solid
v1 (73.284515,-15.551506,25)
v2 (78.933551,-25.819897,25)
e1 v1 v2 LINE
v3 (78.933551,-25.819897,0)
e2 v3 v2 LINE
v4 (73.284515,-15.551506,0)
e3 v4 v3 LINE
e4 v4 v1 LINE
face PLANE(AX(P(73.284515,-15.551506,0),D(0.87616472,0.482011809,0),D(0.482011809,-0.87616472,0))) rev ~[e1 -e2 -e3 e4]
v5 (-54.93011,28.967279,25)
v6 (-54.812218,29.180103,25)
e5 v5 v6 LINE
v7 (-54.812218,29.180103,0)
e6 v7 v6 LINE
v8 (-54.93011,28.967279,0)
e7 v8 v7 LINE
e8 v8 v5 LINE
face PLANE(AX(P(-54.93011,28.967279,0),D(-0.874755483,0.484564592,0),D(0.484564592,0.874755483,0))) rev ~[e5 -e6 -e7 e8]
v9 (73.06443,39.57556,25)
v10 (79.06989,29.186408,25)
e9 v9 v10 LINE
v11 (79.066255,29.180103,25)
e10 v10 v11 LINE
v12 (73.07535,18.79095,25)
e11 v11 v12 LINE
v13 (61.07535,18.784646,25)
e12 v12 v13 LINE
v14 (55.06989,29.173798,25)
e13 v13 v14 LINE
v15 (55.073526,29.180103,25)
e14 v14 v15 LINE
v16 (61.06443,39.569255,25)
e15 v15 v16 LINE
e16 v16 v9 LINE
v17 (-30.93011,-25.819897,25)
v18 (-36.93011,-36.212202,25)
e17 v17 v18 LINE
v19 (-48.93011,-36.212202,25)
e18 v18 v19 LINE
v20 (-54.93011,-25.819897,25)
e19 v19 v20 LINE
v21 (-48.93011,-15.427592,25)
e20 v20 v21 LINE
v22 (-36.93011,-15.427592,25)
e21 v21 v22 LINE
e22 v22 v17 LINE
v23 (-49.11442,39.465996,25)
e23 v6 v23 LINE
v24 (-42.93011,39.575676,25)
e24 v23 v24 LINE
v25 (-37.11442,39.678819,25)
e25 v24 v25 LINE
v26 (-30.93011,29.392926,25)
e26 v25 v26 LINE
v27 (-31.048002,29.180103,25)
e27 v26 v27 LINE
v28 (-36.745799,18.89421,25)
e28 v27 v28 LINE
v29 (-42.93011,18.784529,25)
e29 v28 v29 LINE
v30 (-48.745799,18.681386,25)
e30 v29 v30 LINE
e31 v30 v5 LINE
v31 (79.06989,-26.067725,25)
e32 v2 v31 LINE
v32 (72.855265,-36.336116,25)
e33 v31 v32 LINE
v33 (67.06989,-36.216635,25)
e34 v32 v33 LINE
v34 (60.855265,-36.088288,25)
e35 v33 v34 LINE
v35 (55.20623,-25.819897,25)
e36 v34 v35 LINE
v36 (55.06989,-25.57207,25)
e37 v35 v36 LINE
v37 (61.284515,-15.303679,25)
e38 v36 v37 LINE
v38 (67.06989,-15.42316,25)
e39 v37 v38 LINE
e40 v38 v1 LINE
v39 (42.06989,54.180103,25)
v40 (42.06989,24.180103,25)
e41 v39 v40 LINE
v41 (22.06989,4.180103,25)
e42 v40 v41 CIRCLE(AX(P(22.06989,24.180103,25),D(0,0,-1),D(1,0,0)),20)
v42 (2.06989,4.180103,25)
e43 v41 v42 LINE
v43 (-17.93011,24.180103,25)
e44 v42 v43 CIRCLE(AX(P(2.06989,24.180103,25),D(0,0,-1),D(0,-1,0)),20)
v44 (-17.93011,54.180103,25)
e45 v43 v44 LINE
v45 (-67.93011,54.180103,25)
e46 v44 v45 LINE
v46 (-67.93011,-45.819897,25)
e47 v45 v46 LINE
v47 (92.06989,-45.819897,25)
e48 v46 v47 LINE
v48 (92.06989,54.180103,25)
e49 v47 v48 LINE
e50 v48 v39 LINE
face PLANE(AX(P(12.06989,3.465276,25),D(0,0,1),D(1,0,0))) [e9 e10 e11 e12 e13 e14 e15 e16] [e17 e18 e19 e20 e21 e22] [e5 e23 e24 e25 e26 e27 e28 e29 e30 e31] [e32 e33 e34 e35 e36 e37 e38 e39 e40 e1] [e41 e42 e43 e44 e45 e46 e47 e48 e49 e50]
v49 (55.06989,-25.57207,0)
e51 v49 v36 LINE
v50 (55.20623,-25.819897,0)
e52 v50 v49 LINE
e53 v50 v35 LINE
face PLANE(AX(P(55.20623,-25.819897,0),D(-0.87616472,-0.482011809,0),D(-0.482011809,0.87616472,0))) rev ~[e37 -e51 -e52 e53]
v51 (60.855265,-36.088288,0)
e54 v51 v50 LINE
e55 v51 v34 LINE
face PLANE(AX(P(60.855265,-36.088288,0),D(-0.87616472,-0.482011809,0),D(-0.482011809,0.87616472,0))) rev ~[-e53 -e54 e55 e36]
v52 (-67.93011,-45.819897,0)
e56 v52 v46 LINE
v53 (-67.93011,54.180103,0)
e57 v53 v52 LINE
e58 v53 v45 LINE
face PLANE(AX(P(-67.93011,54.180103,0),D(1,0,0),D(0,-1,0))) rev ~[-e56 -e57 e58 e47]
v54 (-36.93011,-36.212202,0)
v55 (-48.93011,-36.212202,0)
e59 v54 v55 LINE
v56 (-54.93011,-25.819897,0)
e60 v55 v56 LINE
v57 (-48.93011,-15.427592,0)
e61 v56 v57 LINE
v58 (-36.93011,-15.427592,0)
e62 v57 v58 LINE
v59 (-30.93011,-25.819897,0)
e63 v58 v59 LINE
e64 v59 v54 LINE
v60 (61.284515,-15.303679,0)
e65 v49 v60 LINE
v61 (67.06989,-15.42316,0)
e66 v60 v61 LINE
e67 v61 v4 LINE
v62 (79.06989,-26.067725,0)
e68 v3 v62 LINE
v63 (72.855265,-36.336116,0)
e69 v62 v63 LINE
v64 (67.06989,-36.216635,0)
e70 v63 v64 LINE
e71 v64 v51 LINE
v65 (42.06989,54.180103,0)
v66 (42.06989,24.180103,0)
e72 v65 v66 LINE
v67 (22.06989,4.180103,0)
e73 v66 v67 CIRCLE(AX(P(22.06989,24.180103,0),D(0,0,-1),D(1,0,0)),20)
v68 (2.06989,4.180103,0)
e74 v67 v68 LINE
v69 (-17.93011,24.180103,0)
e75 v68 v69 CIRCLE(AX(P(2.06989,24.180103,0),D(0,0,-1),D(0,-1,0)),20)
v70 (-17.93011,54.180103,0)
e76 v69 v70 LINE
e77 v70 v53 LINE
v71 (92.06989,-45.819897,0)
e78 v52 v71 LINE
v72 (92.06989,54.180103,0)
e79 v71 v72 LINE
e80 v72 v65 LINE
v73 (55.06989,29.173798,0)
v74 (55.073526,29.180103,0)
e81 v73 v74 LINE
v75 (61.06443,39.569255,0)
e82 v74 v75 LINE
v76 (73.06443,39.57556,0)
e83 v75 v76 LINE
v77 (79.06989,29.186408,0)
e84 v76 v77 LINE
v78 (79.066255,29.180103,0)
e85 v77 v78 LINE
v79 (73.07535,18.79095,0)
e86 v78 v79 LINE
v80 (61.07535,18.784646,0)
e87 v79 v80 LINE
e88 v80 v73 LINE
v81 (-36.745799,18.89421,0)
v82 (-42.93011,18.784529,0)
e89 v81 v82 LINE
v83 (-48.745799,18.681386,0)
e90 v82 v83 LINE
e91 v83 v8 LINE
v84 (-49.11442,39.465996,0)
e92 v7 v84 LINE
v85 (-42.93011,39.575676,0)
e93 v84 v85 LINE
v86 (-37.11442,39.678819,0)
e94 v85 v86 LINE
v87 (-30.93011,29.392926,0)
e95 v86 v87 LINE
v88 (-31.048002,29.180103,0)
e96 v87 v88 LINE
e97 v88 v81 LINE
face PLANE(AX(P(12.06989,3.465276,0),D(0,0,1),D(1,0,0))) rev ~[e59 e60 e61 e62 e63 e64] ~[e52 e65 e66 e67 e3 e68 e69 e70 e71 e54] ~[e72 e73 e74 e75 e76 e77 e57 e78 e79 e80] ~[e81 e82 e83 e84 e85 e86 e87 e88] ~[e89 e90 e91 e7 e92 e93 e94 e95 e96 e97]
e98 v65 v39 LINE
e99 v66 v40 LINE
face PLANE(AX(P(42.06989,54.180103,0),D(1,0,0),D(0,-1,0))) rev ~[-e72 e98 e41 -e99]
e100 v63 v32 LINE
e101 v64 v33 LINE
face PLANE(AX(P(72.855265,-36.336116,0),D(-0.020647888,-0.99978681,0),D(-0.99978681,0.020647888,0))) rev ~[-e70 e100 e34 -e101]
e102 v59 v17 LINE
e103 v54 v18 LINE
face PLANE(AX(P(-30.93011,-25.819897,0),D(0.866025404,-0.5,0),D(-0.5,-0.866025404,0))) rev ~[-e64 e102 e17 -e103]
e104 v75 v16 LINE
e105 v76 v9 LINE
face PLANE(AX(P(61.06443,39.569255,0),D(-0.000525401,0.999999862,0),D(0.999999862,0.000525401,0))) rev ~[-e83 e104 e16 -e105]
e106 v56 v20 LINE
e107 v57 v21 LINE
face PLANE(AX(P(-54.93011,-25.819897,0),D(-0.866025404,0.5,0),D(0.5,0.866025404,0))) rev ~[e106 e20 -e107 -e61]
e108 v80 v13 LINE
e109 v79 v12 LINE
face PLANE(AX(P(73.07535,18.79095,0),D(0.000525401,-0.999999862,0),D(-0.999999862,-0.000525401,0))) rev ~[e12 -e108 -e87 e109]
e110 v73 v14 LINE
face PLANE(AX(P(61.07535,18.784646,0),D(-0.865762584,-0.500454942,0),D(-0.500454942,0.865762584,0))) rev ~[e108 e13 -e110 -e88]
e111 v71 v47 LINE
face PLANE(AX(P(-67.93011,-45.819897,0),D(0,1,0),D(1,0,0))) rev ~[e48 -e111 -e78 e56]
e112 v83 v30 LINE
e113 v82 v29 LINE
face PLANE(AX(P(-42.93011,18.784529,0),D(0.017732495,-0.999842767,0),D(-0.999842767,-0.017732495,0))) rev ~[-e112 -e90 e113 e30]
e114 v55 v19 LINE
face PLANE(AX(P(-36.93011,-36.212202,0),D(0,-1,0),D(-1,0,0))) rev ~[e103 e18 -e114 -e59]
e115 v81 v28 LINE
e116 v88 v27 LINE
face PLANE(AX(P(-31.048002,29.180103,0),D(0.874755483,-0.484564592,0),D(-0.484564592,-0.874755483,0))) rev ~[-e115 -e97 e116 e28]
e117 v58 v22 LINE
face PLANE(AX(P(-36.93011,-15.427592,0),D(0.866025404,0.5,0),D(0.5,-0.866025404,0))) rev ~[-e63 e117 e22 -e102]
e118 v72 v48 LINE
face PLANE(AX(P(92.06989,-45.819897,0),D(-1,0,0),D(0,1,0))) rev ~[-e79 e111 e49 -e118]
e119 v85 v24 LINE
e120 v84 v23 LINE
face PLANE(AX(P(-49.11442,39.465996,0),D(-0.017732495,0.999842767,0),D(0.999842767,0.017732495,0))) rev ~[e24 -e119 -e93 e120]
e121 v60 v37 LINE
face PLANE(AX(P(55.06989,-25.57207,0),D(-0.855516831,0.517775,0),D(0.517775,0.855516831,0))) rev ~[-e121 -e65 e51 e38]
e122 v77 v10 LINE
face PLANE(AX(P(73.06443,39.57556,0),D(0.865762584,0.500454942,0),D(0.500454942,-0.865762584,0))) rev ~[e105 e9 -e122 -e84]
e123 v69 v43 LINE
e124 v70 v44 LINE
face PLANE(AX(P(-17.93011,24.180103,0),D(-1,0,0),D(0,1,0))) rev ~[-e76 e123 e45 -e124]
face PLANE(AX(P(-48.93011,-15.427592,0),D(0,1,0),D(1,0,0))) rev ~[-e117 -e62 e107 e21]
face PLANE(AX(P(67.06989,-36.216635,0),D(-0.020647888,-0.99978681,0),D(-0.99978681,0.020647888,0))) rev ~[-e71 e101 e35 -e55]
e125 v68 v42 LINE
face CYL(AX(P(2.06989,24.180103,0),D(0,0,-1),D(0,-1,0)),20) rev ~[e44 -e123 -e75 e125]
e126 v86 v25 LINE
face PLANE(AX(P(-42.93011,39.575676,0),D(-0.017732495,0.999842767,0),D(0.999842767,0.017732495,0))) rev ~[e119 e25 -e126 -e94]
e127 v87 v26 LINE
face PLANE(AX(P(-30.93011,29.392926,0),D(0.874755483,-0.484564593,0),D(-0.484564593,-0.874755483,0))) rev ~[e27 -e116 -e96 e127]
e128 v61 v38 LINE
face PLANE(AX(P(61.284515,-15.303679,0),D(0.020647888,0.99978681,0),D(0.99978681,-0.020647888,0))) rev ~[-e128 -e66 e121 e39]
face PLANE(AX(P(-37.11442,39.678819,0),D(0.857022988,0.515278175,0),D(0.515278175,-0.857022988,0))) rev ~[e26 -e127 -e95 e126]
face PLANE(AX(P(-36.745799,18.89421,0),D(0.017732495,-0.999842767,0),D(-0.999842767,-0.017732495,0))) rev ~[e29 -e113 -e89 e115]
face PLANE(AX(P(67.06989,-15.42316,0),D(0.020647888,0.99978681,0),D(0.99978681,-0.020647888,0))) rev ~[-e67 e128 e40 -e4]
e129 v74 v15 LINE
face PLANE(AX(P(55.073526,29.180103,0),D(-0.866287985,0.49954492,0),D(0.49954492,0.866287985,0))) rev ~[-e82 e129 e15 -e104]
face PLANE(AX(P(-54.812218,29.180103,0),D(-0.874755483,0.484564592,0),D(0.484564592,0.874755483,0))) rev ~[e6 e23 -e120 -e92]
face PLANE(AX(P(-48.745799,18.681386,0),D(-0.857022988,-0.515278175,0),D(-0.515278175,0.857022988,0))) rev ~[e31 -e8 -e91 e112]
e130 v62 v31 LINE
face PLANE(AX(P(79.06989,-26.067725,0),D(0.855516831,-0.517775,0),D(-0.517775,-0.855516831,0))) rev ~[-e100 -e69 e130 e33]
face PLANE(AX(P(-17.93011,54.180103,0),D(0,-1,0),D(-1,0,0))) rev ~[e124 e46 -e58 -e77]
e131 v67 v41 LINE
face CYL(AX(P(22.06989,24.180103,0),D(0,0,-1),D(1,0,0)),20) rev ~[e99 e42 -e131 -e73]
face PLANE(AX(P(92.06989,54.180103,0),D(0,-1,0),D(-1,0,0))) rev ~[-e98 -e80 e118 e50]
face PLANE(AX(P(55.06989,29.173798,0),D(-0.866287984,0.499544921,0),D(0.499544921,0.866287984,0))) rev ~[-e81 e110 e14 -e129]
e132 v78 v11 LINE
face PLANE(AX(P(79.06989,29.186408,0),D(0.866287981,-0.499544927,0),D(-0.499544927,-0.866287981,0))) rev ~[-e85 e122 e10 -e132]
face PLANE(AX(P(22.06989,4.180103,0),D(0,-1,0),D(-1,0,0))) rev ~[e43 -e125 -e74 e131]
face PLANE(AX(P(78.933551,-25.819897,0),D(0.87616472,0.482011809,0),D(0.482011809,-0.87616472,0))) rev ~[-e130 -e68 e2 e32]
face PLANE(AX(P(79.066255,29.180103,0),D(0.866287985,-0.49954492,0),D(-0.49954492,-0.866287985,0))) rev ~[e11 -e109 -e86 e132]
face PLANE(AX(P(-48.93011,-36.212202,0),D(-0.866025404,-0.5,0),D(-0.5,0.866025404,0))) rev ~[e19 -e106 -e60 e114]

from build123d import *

# Parameters (mm, degrees)
F1_DEPTH = 25


with BuildPart() as f1:
    # F0 (on Top) → F1 (new body)
    with BuildSketch(Plane.XY):
        with BuildLine():
            Line((-67.9301097989, 54.1801027954), (-67.9301097989, -45.8198972046))
            Line((-67.9301097989, -45.8198972046), (-42.9301097989, -45.8198972046))
            Line((-42.9301097989, -45.8198972046), (67.0698902011, -45.8198972046))
            Line((67.0698902011, -45.8198972046), (92.0698902011, -45.8198972046))
            Line((92.0698902011, -45.8198972046), (92.0698902011, 54.1801027954))
            Line((92.0698902011, 54.1801027954), (42.0698902011, 54.1801027954))
            Line((42.0698902011, 54.1801027954), (42.0698902011, 24.1801027954))
            ThreePointArc((42.0698902011, 24.1801027954), (36.2120258248, 10.0379671716), (22.0698902011, 4.1801027954))
            Line((22.0698902011, 4.1801027954), (2.0698902011, 4.1801027954))
            ThreePointArc((2.0698902011, 4.1801027954), (-12.0722454226, 10.0379671716), (-17.9301097989, 24.1801027954))
            Line((-17.9301097989, 24.1801027954), (-17.9301097989, 54.1801027954))
            Line((-17.9301097989, 54.1801027954), (-67.9301097989, 54.1801027954))
        make_face()
        Polygon((-30.9301097989, -25.8198972046), (-36.9301097989, -36.2122020501), (-48.9301097989, -36.2122020501), (-54.9301097989, -25.8198972046), (-48.9301097989, -15.4275923592), (-36.9301097989, -15.4275923592), align=None, mode=Mode.SUBTRACT)
        Polygon((67.0698902011, -36.216634546), (60.8552652972, -36.088288304), (55.2062296075, -25.8198972046), (55.0698902011, -25.5720697126), (61.284515105, -15.3036786132), (67.0698902011, -15.4231598633), (73.284515105, -15.5515061052), (78.9335507947, -25.8198972046), (79.0698902011, -26.0677246967), (72.8552652972, -36.3361157961), align=None, mode=Mode.SUBTRACT)
        Polygon((-42.9301097989, 18.7845291515), (-48.745799326, 18.6813862488), (-54.9301097989, 28.9672793931), (-54.8122177855, 29.1801027954), (-49.1144202718, 39.4659959396), (-42.9301097989, 39.5756764393), (-37.1144202718, 39.6788193419), (-30.9301097989, 29.3929261976), (-31.0480018123, 29.1801027954), (-36.745799326, 18.8942096511), align=None, mode=Mode.SUBTRACT)
        Polygon((73.0753503289, 18.7909503562), (61.0753503289, 18.7846455437), (55.0698902011, 29.1737979829), (55.0735258709, 29.1801027954), (61.0644300733, 39.5692552345), (73.0644300733, 39.575560047), (79.0698902011, 29.1864076078), (79.0662545313, 29.1801027954), align=None, mode=Mode.SUBTRACT)
    extrude(amount=F1_DEPTH)


solid = f1.part
